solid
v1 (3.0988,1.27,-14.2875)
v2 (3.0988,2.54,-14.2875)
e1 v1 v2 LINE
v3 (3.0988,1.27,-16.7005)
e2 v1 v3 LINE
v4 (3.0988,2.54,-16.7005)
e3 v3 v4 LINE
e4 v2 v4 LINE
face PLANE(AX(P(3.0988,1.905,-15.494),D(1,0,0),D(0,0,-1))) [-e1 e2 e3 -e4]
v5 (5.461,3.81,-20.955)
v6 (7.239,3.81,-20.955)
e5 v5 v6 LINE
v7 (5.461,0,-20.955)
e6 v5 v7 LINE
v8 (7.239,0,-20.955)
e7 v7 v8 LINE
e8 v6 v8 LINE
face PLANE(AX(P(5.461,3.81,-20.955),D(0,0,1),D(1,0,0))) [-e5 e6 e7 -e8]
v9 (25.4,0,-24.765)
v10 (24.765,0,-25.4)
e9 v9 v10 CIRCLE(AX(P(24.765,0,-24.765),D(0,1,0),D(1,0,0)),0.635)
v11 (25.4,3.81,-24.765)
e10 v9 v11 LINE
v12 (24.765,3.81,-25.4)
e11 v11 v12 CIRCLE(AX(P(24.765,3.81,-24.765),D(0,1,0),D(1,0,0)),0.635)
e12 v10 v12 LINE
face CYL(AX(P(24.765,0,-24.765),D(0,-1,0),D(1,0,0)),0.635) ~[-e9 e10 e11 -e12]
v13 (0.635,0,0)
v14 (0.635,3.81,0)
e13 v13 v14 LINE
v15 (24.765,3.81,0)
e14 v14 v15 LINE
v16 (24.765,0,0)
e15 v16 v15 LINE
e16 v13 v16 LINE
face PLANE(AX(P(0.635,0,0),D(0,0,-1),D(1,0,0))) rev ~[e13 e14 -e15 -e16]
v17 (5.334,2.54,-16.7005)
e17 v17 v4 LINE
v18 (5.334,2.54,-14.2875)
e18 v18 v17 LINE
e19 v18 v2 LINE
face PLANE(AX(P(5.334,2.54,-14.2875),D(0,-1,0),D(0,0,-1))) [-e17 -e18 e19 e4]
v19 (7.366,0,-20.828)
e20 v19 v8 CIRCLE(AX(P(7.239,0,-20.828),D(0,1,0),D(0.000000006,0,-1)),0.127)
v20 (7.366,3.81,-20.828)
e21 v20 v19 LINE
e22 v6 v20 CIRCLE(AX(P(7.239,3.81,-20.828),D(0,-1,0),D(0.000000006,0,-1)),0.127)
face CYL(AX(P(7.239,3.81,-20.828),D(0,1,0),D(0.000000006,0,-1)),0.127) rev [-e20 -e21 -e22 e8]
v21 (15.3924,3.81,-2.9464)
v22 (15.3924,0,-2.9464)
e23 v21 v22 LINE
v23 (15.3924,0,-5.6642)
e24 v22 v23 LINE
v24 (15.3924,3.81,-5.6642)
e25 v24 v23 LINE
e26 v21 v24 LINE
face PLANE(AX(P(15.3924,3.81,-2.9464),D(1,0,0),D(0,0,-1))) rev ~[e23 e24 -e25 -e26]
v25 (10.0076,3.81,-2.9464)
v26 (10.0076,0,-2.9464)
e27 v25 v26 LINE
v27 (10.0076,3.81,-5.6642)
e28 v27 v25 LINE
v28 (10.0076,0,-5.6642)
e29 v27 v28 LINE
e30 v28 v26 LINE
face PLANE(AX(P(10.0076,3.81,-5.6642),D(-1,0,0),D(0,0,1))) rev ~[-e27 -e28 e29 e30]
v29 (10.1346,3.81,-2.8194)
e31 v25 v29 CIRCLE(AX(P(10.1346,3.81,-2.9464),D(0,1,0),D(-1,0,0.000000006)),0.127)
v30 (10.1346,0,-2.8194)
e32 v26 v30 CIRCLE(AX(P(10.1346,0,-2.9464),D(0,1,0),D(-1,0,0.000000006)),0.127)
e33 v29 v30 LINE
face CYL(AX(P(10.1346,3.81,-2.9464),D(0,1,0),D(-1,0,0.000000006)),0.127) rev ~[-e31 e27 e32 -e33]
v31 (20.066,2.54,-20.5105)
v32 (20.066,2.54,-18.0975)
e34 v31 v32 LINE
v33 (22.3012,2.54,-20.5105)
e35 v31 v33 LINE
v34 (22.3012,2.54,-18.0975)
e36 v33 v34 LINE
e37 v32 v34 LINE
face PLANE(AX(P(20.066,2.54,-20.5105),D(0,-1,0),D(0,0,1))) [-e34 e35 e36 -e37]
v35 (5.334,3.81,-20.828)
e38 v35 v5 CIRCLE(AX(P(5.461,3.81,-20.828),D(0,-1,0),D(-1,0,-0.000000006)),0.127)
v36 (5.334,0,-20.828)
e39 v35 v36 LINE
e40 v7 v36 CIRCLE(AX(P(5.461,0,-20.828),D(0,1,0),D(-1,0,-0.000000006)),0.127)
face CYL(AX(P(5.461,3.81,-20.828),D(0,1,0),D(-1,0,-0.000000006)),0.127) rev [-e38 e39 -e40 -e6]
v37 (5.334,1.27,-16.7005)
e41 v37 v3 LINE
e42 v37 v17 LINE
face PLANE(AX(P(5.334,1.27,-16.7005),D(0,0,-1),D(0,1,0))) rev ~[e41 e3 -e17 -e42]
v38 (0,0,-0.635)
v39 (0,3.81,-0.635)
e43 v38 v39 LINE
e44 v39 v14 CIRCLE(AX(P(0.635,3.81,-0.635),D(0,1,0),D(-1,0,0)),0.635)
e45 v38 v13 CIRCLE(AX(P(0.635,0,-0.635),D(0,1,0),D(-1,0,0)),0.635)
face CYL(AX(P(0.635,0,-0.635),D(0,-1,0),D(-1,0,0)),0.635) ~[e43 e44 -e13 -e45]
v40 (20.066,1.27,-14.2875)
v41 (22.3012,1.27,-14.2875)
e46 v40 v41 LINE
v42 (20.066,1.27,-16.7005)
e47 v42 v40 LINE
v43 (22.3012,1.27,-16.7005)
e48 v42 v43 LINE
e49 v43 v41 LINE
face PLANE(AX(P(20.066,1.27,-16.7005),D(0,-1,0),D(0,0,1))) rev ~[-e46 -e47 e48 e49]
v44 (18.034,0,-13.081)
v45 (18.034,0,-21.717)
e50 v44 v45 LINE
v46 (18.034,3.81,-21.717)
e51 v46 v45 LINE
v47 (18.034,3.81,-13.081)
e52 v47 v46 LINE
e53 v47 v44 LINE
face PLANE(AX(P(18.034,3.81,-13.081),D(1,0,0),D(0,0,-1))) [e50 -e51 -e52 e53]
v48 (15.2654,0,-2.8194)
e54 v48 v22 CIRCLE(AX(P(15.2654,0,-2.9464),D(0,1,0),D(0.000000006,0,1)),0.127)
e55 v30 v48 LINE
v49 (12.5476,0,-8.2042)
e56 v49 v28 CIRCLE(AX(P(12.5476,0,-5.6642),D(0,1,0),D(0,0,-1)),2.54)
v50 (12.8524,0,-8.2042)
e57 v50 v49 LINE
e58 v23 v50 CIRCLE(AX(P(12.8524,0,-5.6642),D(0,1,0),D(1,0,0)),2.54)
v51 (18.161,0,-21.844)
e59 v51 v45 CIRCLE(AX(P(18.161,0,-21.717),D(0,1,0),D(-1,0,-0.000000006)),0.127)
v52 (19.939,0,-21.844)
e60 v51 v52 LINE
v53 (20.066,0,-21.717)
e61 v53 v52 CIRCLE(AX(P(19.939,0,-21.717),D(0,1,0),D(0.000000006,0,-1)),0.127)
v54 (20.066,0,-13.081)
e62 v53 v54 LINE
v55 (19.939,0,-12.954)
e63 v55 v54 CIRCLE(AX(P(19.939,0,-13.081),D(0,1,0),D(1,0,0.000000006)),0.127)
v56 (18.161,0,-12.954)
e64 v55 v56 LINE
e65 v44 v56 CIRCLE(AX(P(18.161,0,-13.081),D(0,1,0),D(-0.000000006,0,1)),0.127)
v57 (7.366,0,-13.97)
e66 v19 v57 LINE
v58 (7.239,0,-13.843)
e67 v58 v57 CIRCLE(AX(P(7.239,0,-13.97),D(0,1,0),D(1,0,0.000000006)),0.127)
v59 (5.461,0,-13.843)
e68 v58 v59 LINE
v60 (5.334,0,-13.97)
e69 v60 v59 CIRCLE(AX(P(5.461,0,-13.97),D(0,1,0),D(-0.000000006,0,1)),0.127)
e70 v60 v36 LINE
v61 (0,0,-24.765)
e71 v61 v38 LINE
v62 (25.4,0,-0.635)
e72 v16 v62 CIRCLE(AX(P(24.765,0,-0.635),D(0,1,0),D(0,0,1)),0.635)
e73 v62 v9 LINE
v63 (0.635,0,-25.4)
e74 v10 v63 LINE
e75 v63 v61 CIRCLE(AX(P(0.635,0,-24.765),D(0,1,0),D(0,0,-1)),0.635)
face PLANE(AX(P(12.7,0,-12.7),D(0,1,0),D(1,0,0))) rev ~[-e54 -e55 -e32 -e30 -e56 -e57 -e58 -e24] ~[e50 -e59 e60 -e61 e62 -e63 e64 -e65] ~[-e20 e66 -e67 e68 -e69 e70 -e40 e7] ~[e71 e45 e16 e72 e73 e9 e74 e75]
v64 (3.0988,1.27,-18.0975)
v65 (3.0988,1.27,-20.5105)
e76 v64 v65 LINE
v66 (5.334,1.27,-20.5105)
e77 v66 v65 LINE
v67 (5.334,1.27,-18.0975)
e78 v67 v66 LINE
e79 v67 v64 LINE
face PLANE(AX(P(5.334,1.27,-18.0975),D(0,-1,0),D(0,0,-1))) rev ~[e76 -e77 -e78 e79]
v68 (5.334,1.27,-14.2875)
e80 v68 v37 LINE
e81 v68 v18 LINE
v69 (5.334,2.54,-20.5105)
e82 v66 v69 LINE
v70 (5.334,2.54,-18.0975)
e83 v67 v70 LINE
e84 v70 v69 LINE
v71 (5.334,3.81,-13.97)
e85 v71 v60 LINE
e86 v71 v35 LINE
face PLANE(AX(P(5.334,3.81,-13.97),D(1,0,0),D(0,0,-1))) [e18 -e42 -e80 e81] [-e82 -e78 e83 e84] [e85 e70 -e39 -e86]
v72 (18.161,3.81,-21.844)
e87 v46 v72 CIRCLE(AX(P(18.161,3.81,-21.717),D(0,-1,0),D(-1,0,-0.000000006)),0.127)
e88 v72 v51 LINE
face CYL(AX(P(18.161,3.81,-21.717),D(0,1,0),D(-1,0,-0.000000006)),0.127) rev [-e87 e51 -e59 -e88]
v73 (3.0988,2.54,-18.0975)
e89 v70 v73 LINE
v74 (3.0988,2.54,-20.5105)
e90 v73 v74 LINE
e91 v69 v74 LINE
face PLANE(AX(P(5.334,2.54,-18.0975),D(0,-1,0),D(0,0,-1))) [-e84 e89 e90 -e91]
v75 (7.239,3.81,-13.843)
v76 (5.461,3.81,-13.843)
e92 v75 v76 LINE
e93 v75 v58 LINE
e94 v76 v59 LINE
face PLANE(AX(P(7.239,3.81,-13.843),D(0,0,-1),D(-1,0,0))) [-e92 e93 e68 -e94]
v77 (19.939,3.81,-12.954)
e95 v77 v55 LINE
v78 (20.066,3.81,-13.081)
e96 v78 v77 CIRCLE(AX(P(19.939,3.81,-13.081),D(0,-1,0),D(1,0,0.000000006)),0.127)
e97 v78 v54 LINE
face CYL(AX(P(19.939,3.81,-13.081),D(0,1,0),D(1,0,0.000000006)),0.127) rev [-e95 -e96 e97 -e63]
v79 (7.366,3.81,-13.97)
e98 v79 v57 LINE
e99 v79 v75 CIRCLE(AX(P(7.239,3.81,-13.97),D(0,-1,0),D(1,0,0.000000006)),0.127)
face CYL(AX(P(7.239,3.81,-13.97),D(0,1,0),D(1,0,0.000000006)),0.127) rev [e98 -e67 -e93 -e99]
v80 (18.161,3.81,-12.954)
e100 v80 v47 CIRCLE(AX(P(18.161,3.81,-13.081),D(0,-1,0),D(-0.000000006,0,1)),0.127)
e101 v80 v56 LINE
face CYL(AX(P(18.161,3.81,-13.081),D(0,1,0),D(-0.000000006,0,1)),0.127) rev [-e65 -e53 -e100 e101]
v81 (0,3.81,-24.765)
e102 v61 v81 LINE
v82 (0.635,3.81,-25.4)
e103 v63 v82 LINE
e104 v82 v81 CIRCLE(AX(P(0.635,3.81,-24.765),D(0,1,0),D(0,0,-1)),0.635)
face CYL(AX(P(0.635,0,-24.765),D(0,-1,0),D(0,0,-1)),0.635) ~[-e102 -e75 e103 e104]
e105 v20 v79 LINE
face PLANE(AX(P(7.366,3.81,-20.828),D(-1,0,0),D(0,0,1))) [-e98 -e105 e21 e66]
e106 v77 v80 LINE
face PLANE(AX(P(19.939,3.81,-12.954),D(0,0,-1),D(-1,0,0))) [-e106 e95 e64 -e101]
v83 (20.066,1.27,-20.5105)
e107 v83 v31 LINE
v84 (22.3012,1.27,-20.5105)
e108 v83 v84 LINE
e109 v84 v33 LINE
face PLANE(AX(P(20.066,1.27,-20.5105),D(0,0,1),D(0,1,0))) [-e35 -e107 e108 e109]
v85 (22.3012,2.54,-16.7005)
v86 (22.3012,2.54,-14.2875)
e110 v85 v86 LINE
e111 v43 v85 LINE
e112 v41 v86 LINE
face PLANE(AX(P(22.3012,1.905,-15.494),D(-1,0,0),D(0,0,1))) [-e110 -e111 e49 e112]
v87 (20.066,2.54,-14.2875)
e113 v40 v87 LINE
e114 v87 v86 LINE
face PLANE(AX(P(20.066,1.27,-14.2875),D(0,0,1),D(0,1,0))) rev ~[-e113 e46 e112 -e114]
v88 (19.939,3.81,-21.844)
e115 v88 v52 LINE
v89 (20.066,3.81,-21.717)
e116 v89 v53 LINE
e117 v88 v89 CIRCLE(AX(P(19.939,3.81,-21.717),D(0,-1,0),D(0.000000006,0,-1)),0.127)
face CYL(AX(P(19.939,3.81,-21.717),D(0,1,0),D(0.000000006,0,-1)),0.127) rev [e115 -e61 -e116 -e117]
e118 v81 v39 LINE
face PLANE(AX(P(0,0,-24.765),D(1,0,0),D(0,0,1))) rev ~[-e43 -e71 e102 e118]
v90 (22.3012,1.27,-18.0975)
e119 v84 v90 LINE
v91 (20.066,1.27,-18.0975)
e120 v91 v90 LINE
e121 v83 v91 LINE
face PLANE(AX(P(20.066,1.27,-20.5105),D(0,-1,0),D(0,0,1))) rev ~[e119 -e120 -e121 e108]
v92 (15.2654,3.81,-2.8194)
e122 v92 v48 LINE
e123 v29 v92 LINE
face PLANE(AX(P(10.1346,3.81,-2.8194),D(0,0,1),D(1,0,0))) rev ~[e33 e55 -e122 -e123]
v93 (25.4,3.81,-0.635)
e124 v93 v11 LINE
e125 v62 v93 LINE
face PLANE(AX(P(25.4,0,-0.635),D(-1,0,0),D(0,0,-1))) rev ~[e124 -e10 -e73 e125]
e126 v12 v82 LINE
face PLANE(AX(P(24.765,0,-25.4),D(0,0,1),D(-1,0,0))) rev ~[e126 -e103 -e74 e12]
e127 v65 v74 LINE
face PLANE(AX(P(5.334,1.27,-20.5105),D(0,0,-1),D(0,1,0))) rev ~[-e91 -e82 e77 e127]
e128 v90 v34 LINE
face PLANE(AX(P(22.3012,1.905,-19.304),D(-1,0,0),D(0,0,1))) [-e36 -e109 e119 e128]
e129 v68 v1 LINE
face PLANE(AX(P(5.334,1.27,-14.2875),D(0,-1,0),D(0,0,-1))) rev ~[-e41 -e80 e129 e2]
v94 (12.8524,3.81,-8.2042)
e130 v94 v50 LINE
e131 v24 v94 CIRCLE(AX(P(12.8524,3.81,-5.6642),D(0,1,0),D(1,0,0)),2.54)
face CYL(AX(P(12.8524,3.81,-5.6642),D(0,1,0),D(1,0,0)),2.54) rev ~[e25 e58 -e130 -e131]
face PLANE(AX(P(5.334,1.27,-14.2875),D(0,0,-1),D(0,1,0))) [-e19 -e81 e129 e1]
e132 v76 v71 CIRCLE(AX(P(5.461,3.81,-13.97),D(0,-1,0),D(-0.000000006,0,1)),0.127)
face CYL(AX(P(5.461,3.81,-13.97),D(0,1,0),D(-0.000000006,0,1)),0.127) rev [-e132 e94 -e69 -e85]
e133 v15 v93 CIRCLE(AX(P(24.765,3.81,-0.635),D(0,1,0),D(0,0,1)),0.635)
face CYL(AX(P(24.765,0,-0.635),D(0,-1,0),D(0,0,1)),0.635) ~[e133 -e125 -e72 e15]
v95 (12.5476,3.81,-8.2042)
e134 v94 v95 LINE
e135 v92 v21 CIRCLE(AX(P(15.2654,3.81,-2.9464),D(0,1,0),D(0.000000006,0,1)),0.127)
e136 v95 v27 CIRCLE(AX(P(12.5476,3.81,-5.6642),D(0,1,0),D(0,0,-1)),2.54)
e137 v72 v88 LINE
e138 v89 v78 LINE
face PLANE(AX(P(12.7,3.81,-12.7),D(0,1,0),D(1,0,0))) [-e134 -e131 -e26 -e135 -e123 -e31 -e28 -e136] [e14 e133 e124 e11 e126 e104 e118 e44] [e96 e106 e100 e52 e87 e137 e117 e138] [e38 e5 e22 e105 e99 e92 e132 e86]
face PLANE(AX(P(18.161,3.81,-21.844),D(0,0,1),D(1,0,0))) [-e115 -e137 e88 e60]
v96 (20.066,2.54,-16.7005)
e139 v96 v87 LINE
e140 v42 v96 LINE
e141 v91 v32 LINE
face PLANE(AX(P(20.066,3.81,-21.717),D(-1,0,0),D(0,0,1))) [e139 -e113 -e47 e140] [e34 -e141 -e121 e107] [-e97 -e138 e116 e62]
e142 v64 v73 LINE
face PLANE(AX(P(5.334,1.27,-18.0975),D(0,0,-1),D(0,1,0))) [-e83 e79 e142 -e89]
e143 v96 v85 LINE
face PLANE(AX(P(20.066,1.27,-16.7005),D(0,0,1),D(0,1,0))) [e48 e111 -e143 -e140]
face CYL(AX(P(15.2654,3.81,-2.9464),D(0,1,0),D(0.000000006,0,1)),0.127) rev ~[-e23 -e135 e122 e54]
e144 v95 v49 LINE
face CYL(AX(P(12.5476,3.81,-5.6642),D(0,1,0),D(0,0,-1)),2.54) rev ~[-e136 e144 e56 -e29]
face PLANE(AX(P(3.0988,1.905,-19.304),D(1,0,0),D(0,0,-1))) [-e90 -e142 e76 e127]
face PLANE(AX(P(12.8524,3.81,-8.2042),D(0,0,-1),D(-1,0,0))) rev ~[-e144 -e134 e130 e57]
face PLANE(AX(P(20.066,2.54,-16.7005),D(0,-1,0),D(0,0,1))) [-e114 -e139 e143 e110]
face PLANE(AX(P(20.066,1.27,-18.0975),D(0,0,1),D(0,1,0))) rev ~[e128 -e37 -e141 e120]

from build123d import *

# Parameters (mm, degrees)
BOSS_EXTRUDE1_DEPTH = 3.81
CUT_EXTRUDE1_DEPTH  = 37.122515139
SKETCH4_W           = 2.413
SKETCH4_H           = 1.27
CUT_EXTRUDE2_DEPTH  = 2.2352
SKETCH6_W           = 2.413
SKETCH6_H           = 1.27
CUT_EXTRUDE3_DEPTH  = 2.2352


with BuildPart() as part:
    # Sketch1 → Boss-Extrude1 (new body)
    with BuildSketch(Plane(origin=(0, 0, 0), x_dir=(1, 0, 0), z_dir=(0, 1, 0))):
        with BuildLine():
            Line((0.635, 0), (24.765, 0))
            ThreePointArc((24.765, 0), (25.214012806, 0.185987194), (25.4, 0.635))
            Line((25.4, 0.635), (25.4, 24.765))
            ThreePointArc((25.4, 24.765), (25.214012806, 25.214012806), (24.765, 25.4))
            Line((24.765, 25.4), (0.635, 25.4))
            ThreePointArc((0.635, 25.4), (0.185987194, 25.214012806), (0, 24.765))
            Line((0, 24.765), (0, 0.635))
            ThreePointArc((0, 0.635), (0.185987194, 0.185987194), (0.635, 0))
        make_face()
    extrude(amount=BOSS_EXTRUDE1_DEPTH)

    # Sketch2 → Cut-Extrude1 (cut, through all)
    with BuildSketch(Plane(origin=(0, 3.81, 0), x_dir=(1, 0, 0), z_dir=(0, 1, 0))):
        with BuildLine():
            Line((10.1346, 2.8194), (15.2654, 2.8194))
            ThreePointArc((15.2654, 2.8194), (15.355202561, 2.856597439), (15.3924, 2.9464))
            Line((15.3924, 2.9464), (15.3924, 5.6642))
            ThreePointArc((15.3924, 5.6642), (14.648451224, 7.460251224), (12.8524, 8.2042))
            Line((12.8524, 8.2042), (12.5476, 8.2042))
            ThreePointArc((12.5476, 8.2042), (10.751548776, 7.460251224), (10.0076, 5.6642))
            Line((10.0076, 5.6642), (10.0076, 2.9464))
            ThreePointArc((10.0076, 2.9464), (10.044797439, 2.856597439), (10.1346, 2.8194))
        make_face()
        with BuildLine():
            Line((5.461, 20.955), (7.239, 20.955))
            ThreePointArc((7.239, 20.955), (7.328802561, 20.917802561), (7.366, 20.828))
            Line((7.366, 20.828), (7.366, 13.97))
            ThreePointArc((7.366, 13.97), (7.328802561, 13.880197439), (7.239, 13.843))
            Line((7.239, 13.843), (5.461, 13.843))
            ThreePointArc((5.461, 13.843), (5.371197439, 13.880197439), (5.334, 13.97))
            Line((5.334, 13.97), (5.334, 14.2875))
            Line((5.334, 14.2875), (5.334, 16.7005))
            Line((5.334, 16.7005), (5.334, 18.0975))
            Line((5.334, 18.0975), (5.334, 20.5105))
            Line((5.334, 20.5105), (5.334, 20.828))
            ThreePointArc((5.334, 20.828), (5.371197439, 20.917802561), (5.461, 20.955))
        make_face()
        with BuildLine():
            Line((18.161, 21.844), (19.939, 21.844))
            ThreePointArc((19.939, 21.844), (20.028802561, 21.806802561), (20.066, 21.717))
            Line((20.066, 21.717), (20.066, 20.5105))
            Line((20.066, 20.5105), (20.066, 18.0975))
            Line((20.066, 18.0975), (20.066, 16.7005))
            Line((20.066, 16.7005), (20.066, 14.2875))
            Line((20.066, 14.2875), (20.066, 13.081))
            ThreePointArc((20.066, 13.081), (20.028802561, 12.991197439), (19.939, 12.954))
            Line((19.939, 12.954), (18.161, 12.954))
            ThreePointArc((18.161, 12.954), (18.071197439, 12.991197439), (18.034, 13.081))
            Line((18.034, 13.081), (18.034, 21.717))
            ThreePointArc((18.034, 21.717), (18.071197439, 21.806802561), (18.161, 21.844))
        make_face()
    extrude(amount=-CUT_EXTRUDE1_DEPTH, mode=Mode.SUBTRACT)

    # Sketch4 → Cut-Extrude2 (cut)
    with BuildSketch(Plane(origin=(5.334, 0, 0), x_dir=(0, 0, -1), z_dir=(1, 0, 0))):
        with Locations((15.494, 1.905)):
            Rectangle(SKETCH4_W, SKETCH4_H)
        with Locations((19.304, 1.905)):
            Rectangle(SKETCH4_W, SKETCH4_H)
    extrude(amount=-CUT_EXTRUDE2_DEPTH, mode=Mode.SUBTRACT)

    # Sketch6 → Cut-Extrude3 (cut)
    with BuildSketch(Plane.ZY.offset(-20.066)):
        with Locations((-15.494, 1.905)):
            Rectangle(SKETCH6_W, SKETCH6_H)
        with Locations((-19.304, 1.905)):
            Rectangle(SKETCH6_W, SKETCH6_H)
    extrude(amount=-CUT_EXTRUDE3_DEPTH, mode=Mode.SUBTRACT)


solid = part.part
